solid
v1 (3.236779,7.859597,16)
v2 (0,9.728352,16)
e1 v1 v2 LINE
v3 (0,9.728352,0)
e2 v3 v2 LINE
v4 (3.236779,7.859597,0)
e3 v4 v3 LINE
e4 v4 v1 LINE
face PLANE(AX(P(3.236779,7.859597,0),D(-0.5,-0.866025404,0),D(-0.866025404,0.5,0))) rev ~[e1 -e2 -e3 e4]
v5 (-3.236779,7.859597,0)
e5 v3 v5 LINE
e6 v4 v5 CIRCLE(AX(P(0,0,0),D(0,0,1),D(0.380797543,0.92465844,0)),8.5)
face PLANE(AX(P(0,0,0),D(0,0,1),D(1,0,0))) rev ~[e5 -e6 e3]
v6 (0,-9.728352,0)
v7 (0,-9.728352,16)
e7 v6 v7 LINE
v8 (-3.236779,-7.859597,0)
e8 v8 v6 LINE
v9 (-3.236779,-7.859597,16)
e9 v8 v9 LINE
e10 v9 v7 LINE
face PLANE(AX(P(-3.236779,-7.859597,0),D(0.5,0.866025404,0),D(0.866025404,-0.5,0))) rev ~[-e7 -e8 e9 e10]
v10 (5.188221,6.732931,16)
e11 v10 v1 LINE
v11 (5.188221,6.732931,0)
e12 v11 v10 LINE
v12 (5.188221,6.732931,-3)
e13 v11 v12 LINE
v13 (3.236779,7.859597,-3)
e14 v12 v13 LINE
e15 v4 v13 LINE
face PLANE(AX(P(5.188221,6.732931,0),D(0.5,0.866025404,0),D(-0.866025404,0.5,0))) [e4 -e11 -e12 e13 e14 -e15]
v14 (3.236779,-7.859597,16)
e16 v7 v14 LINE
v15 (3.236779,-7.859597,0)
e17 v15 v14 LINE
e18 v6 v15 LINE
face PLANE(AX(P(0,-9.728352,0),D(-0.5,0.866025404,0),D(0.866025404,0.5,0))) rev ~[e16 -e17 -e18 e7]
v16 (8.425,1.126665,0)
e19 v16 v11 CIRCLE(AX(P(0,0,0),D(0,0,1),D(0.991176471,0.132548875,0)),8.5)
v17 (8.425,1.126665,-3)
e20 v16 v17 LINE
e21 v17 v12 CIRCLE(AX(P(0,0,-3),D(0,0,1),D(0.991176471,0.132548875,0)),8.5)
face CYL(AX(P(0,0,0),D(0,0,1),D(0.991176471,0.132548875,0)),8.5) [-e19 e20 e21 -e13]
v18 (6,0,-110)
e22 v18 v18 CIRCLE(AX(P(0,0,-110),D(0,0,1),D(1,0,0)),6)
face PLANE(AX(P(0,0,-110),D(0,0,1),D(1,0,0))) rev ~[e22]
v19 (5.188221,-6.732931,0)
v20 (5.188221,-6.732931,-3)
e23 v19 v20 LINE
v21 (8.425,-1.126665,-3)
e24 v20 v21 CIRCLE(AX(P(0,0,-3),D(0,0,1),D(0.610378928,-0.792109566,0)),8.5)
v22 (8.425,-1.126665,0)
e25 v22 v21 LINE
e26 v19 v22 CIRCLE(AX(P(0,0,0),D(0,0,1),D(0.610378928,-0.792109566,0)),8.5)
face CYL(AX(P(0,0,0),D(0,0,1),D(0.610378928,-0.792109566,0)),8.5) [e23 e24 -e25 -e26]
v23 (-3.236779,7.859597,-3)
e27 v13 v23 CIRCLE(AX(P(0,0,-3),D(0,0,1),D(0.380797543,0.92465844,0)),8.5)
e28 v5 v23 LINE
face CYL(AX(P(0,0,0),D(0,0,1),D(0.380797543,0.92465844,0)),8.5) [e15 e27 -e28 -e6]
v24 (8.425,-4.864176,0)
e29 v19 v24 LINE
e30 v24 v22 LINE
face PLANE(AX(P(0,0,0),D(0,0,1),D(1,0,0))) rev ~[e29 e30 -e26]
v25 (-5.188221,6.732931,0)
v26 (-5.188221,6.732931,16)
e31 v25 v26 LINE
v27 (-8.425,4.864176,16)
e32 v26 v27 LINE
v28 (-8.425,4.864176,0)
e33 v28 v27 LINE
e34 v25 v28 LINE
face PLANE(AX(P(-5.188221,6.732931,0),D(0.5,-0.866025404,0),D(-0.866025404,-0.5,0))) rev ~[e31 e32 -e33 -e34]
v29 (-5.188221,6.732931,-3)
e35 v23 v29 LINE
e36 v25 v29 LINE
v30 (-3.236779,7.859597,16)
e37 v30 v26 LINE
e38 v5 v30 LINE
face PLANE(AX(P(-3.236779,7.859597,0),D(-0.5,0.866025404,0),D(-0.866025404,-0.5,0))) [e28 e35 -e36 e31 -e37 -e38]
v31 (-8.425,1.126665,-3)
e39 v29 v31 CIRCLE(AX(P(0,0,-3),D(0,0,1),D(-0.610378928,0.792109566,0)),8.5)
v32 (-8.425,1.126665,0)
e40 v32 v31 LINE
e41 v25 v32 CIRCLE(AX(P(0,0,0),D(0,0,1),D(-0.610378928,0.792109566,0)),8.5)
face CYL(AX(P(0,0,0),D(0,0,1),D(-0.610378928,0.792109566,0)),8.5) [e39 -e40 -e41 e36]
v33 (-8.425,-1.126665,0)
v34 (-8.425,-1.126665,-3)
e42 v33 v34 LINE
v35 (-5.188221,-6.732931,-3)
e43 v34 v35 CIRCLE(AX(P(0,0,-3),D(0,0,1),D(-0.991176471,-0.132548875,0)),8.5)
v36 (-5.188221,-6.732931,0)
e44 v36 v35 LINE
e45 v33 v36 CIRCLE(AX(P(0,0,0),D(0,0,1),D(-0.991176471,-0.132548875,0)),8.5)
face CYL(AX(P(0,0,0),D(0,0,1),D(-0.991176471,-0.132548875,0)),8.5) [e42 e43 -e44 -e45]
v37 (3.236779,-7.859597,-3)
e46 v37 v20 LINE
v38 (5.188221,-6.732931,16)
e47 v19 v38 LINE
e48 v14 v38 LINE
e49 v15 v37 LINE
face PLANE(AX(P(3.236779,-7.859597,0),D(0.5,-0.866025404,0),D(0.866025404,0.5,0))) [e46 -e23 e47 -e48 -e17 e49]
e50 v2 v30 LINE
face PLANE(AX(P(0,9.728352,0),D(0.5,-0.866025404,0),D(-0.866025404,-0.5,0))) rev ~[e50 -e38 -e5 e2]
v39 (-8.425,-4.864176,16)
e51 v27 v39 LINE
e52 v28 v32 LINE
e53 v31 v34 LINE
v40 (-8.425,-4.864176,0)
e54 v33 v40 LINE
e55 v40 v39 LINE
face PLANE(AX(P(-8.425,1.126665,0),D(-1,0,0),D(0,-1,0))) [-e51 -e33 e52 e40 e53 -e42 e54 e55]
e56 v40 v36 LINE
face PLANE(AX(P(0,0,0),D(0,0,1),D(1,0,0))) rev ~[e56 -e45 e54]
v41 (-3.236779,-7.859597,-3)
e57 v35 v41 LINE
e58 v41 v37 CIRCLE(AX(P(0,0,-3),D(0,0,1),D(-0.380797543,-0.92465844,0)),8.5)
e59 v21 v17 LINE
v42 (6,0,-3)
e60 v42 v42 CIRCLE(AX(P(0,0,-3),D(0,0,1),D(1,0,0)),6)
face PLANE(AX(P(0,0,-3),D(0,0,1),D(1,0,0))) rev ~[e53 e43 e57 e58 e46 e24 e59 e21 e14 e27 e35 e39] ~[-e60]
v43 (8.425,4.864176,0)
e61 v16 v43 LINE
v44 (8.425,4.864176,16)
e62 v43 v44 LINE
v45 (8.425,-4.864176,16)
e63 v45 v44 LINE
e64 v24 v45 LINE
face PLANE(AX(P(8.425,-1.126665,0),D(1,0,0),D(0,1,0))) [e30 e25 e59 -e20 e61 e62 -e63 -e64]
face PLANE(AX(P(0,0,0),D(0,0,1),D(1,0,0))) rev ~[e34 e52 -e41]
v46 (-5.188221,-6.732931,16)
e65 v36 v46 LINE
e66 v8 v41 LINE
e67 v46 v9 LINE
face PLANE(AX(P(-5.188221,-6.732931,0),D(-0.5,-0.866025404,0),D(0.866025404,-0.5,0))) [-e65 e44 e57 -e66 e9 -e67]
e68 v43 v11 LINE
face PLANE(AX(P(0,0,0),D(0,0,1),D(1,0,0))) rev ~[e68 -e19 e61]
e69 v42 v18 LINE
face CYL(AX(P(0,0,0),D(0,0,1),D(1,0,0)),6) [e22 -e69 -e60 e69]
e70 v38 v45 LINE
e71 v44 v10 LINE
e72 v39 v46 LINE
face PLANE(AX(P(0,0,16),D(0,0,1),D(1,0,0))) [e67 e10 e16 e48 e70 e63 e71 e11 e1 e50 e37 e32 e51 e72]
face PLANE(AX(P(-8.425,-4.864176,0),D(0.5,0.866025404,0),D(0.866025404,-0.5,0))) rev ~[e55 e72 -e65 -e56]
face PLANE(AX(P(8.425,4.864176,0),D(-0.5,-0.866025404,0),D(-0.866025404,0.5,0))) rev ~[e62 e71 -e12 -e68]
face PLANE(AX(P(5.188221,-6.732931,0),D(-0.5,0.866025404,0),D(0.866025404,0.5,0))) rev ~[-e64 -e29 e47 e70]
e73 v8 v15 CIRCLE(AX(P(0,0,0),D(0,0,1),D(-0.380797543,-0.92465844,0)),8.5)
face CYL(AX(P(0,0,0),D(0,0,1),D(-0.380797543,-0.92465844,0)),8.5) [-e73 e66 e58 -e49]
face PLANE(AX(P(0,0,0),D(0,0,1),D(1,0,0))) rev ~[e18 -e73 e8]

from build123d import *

# Parameters (mm, degrees)
F0_R     = 6
F1_DEPTH = 16
F2_DEPTH = 3
F3_DEPTH = 110


with BuildPart() as f1:
    # F0 (on Top) → F1 (new body)
    with BuildSketch(Plane.XY):
        with BuildLine():
            Line((8.425, -1.1266654339), (8.425, 1.1266654339))
            ThreePointArc((8.425, 1.1266654339), (7.3612159322, 4.25), (5.1882208873, 6.7329313099))
            Line((5.1882208873, 6.7329313099), (3.2367791127, 7.8595967438))
            ThreePointArc((3.2367791127, 7.8595967438), (0, 8.5), (-3.2367791127, 7.8595967438))
            Line((-3.2367791127, 7.8595967438), (-5.1882208873, 6.7329313099))
            ThreePointArc((-5.1882208873, 6.7329313099), (-7.3612159322, 4.25), (-8.425, 1.1266654339))
            Line((-8.425, 1.1266654339), (-8.425, -1.1266654339))
            ThreePointArc((-8.425, -1.1266654339), (-7.3612159322, -4.25), (-5.1882208873, -6.7329313099))
            Line((-5.1882208873, -6.7329313099), (-3.2367791127, -7.8595967438))
            ThreePointArc((-3.2367791127, -7.8595967438), (0, -8.5), (3.2367791127, -7.8595967438))
            Line((3.2367791127, -7.8595967438), (5.1882208873, -6.7329313099))
            ThreePointArc((5.1882208873, -6.7329313099), (7.3612159322, -4.25), (8.425, -1.1266654339))
        make_face()
        Circle(F0_R, mode=Mode.SUBTRACT)
        with BuildLine():
            ThreePointArc((-8.425, 1.1266654339), (-7.3612159322, 4.25), (-5.1882208873, 6.7329313099))
            Line((-5.1882208873, 6.7329313099), (-8.425, 4.8641760179))
            Line((-8.425, 4.8641760179), (-8.425, 1.1266654339))
        make_face()
        with BuildLine():
            Line((-8.425, -4.8641760179), (-5.1882208873, -6.7329313099))
            ThreePointArc((-5.1882208873, -6.7329313099), (-7.3612159322, -4.25), (-8.425, -1.1266654339))
            Line((-8.425, -1.1266654339), (-8.425, -4.8641760179))
        make_face()
        with BuildLine():
            Line((0, -9.7283520358), (3.2367791127, -7.8595967438))
            ThreePointArc((3.2367791127, -7.8595967438), (0, -8.5), (-3.2367791127, -7.8595967438))
            Line((-3.2367791127, -7.8595967438), (0, -9.7283520358))
        make_face()
        with BuildLine():
            Line((8.425, -4.8641760179), (8.425, -1.1266654339))
            ThreePointArc((8.425, -1.1266654339), (7.3612159322, -4.25), (5.1882208873, -6.7329313099))
            Line((5.1882208873, -6.7329313099), (8.425, -4.8641760179))
        make_face()
        with BuildLine():
            ThreePointArc((5.1882208873, 6.7329313099), (7.3612159322, 4.25), (8.425, 1.1266654339))
            Line((8.425, 1.1266654339), (8.425, 4.8641760179))
            Line((8.425, 4.8641760179), (5.1882208873, 6.7329313099))
        make_face()
        with BuildLine():
            ThreePointArc((-3.2367791127, 7.8595967438), (0, 8.5), (3.2367791127, 7.8595967438))
            Line((3.2367791127, 7.8595967438), (0, 9.7283520358))
            Line((0, 9.7283520358), (-3.2367791127, 7.8595967438))
        make_face()
        Circle(F0_R)
    extrude(amount=F1_DEPTH)

    # F0 (on Top) → F2 (join)
    with BuildSketch(Plane.XY):
        with BuildLine():
            Line((8.425, -1.1266654339), (8.425, 1.1266654339))
            ThreePointArc((8.425, 1.1266654339), (7.3612159322, 4.25), (5.1882208873, 6.7329313099))
            Line((5.1882208873, 6.7329313099), (3.2367791127, 7.8595967438))
            ThreePointArc((3.2367791127, 7.8595967438), (0, 8.5), (-3.2367791127, 7.8595967438))
            Line((-3.2367791127, 7.8595967438), (-5.1882208873, 6.7329313099))
            ThreePointArc((-5.1882208873, 6.7329313099), (-7.3612159322, 4.25), (-8.425, 1.1266654339))
            Line((-8.425, 1.1266654339), (-8.425, -1.1266654339))
            ThreePointArc((-8.425, -1.1266654339), (-7.3612159322, -4.25), (-5.1882208873, -6.7329313099))
            Line((-5.1882208873, -6.7329313099), (-3.2367791127, -7.8595967438))
            ThreePointArc((-3.2367791127, -7.8595967438), (0, -8.5), (3.2367791127, -7.8595967438))
            Line((3.2367791127, -7.8595967438), (5.1882208873, -6.7329313099))
            ThreePointArc((5.1882208873, -6.7329313099), (7.3612159322, -4.25), (8.425, -1.1266654339))
        make_face()
        Circle(F0_R, mode=Mode.SUBTRACT)
        Circle(F0_R)
    extrude(amount=-F2_DEPTH)

    # F0 (on Top) → F3 (join)
    with BuildSketch(Plane.XY):
        Circle(F0_R)
    extrude(amount=-F3_DEPTH)


solid = f1.part
